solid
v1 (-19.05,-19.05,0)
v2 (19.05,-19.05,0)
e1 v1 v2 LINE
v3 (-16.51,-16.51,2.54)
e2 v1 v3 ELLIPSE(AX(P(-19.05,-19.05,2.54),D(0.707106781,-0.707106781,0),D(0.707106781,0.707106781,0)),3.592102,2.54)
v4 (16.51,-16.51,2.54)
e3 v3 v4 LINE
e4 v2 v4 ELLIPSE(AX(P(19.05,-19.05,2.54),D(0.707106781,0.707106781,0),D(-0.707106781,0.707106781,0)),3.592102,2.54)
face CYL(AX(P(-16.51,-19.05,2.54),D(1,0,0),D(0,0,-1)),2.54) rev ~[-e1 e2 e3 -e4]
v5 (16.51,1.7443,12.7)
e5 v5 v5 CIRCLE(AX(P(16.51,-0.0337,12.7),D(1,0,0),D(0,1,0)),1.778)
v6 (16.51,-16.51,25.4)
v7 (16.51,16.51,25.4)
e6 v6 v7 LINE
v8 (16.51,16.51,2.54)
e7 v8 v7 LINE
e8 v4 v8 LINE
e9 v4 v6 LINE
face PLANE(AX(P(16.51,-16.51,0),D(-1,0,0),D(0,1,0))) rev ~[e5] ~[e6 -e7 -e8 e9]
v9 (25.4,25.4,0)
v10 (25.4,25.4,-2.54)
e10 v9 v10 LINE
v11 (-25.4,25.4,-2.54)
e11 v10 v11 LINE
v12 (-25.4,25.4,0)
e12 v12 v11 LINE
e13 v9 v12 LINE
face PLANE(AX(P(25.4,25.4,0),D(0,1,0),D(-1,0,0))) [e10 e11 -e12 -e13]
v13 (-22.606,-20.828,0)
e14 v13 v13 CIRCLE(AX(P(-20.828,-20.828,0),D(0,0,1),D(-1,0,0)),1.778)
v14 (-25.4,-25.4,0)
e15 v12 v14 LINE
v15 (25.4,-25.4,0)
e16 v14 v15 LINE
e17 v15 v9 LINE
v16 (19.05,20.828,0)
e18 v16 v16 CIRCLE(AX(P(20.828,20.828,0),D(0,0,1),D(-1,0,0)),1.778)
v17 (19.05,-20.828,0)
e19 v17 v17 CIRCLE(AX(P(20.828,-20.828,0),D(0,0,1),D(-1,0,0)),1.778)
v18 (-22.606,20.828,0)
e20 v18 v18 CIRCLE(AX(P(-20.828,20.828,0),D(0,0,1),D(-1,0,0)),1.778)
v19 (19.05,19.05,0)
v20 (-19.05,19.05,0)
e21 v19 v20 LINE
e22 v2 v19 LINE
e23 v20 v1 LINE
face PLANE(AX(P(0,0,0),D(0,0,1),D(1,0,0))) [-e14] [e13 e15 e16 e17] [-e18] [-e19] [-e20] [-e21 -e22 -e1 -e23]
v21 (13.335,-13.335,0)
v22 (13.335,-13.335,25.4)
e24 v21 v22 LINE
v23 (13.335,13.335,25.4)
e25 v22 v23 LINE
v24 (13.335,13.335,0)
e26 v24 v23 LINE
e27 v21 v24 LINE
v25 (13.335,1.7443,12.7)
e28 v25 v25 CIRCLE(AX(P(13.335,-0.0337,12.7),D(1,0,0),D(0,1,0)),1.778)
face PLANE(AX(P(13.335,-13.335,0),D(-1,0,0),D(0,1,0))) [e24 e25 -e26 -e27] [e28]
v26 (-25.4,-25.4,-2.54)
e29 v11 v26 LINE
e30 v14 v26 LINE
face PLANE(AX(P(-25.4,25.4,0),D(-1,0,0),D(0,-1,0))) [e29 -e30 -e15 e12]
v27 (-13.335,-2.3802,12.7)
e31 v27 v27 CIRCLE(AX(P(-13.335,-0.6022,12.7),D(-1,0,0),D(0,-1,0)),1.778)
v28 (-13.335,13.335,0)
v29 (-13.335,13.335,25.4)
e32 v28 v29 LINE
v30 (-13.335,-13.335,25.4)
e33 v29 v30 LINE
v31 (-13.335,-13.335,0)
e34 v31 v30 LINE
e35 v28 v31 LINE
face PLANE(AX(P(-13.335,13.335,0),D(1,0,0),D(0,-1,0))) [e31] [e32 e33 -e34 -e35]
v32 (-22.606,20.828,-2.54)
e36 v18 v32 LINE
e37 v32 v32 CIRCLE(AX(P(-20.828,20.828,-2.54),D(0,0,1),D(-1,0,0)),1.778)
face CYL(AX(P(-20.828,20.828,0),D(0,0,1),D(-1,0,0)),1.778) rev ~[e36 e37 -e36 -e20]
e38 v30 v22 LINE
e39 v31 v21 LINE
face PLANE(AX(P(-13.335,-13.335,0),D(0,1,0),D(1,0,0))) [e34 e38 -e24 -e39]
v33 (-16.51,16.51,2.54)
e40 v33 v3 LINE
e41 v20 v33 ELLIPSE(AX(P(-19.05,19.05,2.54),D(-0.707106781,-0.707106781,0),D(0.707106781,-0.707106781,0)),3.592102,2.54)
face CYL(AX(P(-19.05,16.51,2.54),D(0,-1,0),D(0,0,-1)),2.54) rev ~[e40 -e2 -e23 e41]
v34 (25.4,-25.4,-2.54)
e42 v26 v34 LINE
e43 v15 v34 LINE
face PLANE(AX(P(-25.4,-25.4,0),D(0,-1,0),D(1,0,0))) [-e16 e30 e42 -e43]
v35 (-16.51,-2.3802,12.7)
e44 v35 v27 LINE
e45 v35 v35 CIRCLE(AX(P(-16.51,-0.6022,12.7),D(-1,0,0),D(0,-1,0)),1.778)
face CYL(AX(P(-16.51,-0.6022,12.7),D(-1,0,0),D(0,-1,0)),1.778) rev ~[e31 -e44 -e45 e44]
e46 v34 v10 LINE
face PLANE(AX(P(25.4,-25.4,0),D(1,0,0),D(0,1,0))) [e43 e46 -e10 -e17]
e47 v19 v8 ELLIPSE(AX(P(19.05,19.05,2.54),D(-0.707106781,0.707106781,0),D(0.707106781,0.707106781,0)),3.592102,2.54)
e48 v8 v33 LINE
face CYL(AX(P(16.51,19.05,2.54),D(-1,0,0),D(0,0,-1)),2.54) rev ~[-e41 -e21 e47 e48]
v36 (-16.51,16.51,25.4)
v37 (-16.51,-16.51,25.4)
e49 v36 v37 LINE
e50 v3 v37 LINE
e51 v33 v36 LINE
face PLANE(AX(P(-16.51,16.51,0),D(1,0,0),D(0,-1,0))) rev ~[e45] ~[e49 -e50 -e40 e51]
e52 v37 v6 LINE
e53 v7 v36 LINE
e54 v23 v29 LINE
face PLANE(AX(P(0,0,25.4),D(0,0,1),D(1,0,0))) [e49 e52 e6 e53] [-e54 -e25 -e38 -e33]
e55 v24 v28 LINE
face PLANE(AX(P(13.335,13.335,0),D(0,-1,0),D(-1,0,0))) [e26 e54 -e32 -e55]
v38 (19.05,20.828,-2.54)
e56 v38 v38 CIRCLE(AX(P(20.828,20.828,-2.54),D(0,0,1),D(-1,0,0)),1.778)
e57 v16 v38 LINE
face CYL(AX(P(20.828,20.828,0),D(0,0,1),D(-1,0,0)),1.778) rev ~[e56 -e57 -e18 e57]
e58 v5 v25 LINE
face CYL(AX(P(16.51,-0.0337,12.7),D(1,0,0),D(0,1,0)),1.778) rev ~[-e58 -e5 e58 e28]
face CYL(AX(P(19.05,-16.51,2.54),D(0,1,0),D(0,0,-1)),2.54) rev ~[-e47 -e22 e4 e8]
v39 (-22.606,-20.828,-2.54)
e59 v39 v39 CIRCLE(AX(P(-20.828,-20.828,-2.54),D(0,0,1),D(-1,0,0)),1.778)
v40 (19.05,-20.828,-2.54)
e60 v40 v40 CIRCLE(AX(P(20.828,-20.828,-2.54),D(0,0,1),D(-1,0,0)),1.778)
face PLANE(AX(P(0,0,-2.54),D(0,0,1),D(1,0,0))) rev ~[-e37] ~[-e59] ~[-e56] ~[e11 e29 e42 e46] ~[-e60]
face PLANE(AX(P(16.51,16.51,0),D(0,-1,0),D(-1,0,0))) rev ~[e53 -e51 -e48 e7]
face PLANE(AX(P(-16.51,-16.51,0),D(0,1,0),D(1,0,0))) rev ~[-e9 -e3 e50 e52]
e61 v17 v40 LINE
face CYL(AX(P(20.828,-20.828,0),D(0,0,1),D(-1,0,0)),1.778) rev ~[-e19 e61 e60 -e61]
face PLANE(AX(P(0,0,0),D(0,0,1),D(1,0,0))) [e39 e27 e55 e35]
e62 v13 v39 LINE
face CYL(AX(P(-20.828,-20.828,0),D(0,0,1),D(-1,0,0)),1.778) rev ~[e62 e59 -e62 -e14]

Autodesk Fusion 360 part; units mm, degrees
sketch "Sketch1" plane through (0, 0, 0) normal (0, 0, 1) x (1, 0, 0)
  line L0 (13.335, 13.335) -> (-13.335, 13.335)
  line L1 (-13.335, 13.335) -> (-13.335, -13.335)
  line L2 (-13.335, -13.335) -> (13.335, -13.335)
  line L3 (13.335, -13.335) -> (13.335, 13.335)
  line L4 (13.335, 13.335) -> (-13.335, -13.335) construction
  line L5 (-13.335, 13.335) -> (13.335, -13.335) construction
  line L6 (16.51, 16.51) -> (-16.51, 16.51)
  line L7 (-16.51, 16.51) -> (-16.51, -16.51)
  line L8 (-16.51, -16.51) -> (16.51, -16.51)
  line L9 (16.51, -16.51) -> (16.51, 16.51)
  line L10 (16.51, 16.51) -> (-16.51, -16.51) construction
  line L11 (-16.51, 16.51) -> (16.51, -16.51) construction
  dimension "d1" = 26.67
  dimension "d2" = 26.67
  dimension "d3" = 33.02
  dimension "d4" = 33.02
extrude "Extrude1" add sketch "Sketch1" along normal blind 25.4
sketch "Sketch2" plane through (0, 0, 0) normal (0, 0, 1) x (1, 0, 0)
  line L0 (25.4, 25.4) -> (-25.4, 25.4)
  line L1 (-25.4, 25.4) -> (-25.4, -25.4)
  line L2 (-25.4, -25.4) -> (25.4, -25.4)
  line L3 (25.4, -25.4) -> (25.4, 25.4)
  line L4 (25.4, 25.4) -> (-25.4, -25.4) construction
  line L5 (-25.4, 25.4) -> (25.4, -25.4) construction
  dimension "d7" = 50.8
  dimension "d8" = 50.8
extrude "Extrude2" add sketch "Sketch2" against normal blind 2.54
fillet "Fillet1" radius 2.54 4 edges at (16.51, 0, 0) (0, -16.51, 0) (-16.51, 0, 0) (0, 16.51, 0)
sketch "Sketch4" plane through (0, 0, 0) normal (0, 0, 1) x (-1, 0, 0)
  line L0 (-25.4, 25.4) -> (-25.4, -25.4)
  line L1 (-25.4, -25.4) -> (25.4, -25.4)
  line L2 (25.4, -25.4) -> (25.4, 25.4)
  line L3 (25.4, 25.4) -> (-25.4, 25.4)
  line L4 (-19.05, -19.05) -> (-19.05, 19.05)
  line L5 (-19.05, 19.05) -> (19.05, 19.05)
  line L6 (19.05, 19.05) -> (19.05, -19.05)
  line L7 (19.05, -19.05) -> (-19.05, -19.05)
  circle A0 centre (20.828, -20.828) radius 1.778
  circle A1 centre (-20.828, -20.828) radius 1.778
  circle A2 centre (20.828, 20.828) radius 1.778
  circle A3 centre (-20.828, 20.828) radius 1.778
  dimension "d14" = 3.556
  dimension "d15" = 3.556
  dimension "d16" = 3.556
  dimension "d17" = 3.556
  dimension "d18" = 4.572
  dimension "d19" = 4.572
  dimension "d20" = 4.572
  dimension "d21" = 4.572
  dimension "d22" = 4.572
  dimension "d23" = 4.572
  dimension "d25" = 4.572
  dimension "d41" = 4.572
extrude "Extrude3" cut sketch "Sketch4" against normal blind 2.54 contours A0 | A1 | A2 | A3
sketch "Sketch5" plane through (-16.51, 0, 0) normal (-1, 0, 0) x (0, -1, 0)
  line L0 (-16.51, 2.54) -> (16.51, 2.54)
  line L1 (16.51, 2.54) -> (16.51, 25.4)
  line L2 (16.51, 25.4) -> (-16.51, 25.4)
  line L3 (-16.51, 25.4) -> (-16.51, 2.54)
  circle A0 centre (0.6022, 12.7) radius 1.778
  dimension "d28" = 3.556
  dimension "d29" = 12.7
  dimension "d30" = 15.9078
extrude "Extrude4" cut sketch "Sketch5" against normal blind 5.08 contours A0
sketch "Sketch7" plane through (16.51, 0, 0) normal (1, 0, 0) x (0, 1, 0)
  line L0 (-16.51, 2.54) -> (16.51, 2.54)
  line L1 (16.51, 2.54) -> (16.51, 25.4)
  line L2 (16.51, 25.4) -> (-16.51, 25.4)
  line L3 (-16.51, 25.4) -> (-16.51, 2.54)
  circle A0 centre (-0.0337, 12.7) radius 1.778
  dimension "d37" = 3.556
  dimension "d38" = 12.7
extrude "Extrude6" cut sketch "Sketch7" against normal blind 5.08 contours A0
